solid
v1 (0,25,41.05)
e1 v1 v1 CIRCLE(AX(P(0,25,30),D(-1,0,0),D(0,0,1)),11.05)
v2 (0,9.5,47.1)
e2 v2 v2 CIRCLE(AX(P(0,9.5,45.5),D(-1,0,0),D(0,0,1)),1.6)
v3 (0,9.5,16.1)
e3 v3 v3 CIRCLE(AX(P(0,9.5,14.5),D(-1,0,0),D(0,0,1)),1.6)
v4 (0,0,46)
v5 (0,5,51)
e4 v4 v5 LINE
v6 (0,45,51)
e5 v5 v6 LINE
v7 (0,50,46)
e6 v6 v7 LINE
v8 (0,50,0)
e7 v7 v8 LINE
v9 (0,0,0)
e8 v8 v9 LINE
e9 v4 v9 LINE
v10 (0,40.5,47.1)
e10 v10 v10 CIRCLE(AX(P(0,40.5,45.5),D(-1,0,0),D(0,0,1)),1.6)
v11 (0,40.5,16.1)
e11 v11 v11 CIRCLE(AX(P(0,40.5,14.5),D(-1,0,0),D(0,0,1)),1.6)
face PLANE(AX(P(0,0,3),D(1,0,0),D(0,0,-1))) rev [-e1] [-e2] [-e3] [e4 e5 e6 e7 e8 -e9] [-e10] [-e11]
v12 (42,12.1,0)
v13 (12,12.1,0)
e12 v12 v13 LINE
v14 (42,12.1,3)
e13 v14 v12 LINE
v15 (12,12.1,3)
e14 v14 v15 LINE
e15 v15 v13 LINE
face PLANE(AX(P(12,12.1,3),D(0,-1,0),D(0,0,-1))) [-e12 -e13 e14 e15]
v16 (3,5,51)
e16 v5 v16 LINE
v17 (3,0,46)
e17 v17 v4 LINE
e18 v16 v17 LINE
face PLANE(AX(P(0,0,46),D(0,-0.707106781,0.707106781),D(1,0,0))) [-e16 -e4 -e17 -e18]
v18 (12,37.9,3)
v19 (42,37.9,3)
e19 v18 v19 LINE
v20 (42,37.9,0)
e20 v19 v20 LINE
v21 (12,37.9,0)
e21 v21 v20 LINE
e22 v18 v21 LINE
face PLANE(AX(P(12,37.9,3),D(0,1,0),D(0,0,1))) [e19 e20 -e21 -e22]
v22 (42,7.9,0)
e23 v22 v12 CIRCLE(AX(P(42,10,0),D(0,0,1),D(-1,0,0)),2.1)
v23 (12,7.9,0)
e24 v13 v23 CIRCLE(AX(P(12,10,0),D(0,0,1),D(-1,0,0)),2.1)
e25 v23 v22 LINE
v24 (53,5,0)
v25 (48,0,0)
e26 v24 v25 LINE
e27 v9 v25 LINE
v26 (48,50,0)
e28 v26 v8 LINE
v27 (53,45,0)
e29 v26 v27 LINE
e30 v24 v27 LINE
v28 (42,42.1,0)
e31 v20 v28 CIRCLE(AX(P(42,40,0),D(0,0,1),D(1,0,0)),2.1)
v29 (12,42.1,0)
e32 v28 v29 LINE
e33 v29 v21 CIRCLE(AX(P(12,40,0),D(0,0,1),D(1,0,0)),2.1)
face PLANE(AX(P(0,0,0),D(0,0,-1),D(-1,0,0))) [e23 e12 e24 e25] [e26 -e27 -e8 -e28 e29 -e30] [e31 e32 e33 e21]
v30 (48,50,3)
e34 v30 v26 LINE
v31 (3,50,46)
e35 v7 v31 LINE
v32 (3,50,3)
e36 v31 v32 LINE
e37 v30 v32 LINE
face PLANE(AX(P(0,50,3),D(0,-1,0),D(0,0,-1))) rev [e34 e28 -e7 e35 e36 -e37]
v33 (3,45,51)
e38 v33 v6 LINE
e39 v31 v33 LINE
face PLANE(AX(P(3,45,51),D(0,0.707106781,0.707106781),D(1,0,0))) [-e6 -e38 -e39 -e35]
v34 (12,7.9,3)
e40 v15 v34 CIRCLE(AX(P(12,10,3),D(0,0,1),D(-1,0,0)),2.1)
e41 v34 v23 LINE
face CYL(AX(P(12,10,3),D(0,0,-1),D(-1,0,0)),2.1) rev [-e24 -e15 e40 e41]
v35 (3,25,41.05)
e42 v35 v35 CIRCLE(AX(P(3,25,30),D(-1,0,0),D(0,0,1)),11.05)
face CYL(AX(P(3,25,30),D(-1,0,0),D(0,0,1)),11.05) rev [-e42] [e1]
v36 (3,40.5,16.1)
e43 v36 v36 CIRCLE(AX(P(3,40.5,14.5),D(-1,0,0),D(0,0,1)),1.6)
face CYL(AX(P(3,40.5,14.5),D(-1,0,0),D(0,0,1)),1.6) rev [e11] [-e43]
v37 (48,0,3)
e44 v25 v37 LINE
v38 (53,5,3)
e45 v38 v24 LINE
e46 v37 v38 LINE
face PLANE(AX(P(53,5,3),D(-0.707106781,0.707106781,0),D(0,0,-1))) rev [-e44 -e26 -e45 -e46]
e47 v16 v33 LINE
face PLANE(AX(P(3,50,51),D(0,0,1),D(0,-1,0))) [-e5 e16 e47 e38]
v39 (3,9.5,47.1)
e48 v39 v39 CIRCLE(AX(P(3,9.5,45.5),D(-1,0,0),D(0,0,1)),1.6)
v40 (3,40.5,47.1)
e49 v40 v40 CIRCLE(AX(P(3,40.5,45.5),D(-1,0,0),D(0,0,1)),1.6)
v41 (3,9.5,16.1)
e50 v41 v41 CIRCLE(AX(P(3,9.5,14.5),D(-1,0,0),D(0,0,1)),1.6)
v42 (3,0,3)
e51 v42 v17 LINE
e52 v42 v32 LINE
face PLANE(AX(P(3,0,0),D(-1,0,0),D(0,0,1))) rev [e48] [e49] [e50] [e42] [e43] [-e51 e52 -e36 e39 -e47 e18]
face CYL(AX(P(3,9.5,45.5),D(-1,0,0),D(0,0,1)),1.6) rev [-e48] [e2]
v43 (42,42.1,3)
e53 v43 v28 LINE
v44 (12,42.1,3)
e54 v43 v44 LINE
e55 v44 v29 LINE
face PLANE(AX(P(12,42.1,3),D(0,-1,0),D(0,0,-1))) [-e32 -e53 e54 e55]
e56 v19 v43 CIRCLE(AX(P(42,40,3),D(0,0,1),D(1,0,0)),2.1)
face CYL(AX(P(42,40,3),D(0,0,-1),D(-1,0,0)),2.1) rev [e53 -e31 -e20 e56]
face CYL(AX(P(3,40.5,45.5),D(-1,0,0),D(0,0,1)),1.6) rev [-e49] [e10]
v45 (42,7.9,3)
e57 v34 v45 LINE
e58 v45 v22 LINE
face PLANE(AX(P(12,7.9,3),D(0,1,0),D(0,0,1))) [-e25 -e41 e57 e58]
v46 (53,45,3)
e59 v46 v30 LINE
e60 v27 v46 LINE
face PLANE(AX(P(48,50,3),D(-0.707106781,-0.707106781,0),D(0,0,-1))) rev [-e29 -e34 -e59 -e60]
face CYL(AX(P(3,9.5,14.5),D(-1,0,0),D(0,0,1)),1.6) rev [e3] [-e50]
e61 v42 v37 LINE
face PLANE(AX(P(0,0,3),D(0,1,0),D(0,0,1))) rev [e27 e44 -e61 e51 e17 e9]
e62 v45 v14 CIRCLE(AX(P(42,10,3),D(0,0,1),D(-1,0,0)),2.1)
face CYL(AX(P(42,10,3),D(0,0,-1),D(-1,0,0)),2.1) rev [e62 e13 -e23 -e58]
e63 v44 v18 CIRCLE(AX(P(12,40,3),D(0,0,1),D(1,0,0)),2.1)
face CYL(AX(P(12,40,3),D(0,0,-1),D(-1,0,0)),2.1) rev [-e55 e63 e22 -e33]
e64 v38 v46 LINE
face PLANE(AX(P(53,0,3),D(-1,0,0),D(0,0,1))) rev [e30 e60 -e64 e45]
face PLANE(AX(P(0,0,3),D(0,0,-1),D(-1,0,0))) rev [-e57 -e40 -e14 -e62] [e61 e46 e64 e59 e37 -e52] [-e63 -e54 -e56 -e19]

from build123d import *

# Parameters (mm, degrees)
SKETCH_1_W      = 53
SKETCH_1_H      = 50
EXTRUDE_1_DEPTH = 3
SKETCH_2_W      = 51
SKETCH_2_H      = 50
SKETCH_2_R      = 11.05
SKETCH_2_R_2    = 1.6
EXTRUDE_2_DEPTH = 3
CHAMFER_1_SIZE  = 5


with BuildPart() as part:
    # 草图1 → 凸台-拉伸1 (new body)
    with BuildSketch(Plane.XY):
        with Locations((26.5, 25)):
            Rectangle(SKETCH_1_W, SKETCH_1_H)
        with BuildLine():
            Line((12, 42.1), (42, 42.1))
            ThreePointArc((42, 42.1), (44.1, 40), (42, 37.9))
            Line((42, 37.9), (12, 37.9))
            ThreePointArc((12, 37.9), (9.9, 40), (12, 42.1))
        make_face(mode=Mode.SUBTRACT)
        with BuildLine():
            Line((12, 7.9), (42, 7.9))
            ThreePointArc((42, 7.9), (44.1, 10), (42, 12.1))
            Line((42, 12.1), (12, 12.1))
            ThreePointArc((12, 12.1), (9.9, 10), (12, 7.9))
        make_face(mode=Mode.SUBTRACT)
    extrude(amount=EXTRUDE_1_DEPTH)

    # 草图2 → 凸台-拉伸2 (add)
    with BuildSketch(Plane.ZY):
        with Locations((25.5, 25)):
            Rectangle(SKETCH_2_W, SKETCH_2_H)
        with Locations((30, 25)):
            Circle(SKETCH_2_R, mode=Mode.SUBTRACT)
        with Locations((45.5, 40.5)):
            Circle(SKETCH_2_R_2, mode=Mode.SUBTRACT)
        with Locations((45.5, 9.5)):
            Circle(SKETCH_2_R_2, mode=Mode.SUBTRACT)
        with Locations((14.5, 9.5)):
            Circle(SKETCH_2_R_2, mode=Mode.SUBTRACT)
        with Locations((14.5, 40.5)):
            Circle(SKETCH_2_R_2, mode=Mode.SUBTRACT)
    extrude(amount=-EXTRUDE_2_DEPTH)

    # 倒角1
    chamfer_1_edges = [part.edges().sort_by_distance(p)[0] for p in [
        (1.5, 0, 51),
        (1.5, 50, 51),
        (53, 50, 1.5),
        (53, 0, 1.5),
    ]]
    chamfer(chamfer_1_edges, length=CHAMFER_1_SIZE)


solid = part.part
